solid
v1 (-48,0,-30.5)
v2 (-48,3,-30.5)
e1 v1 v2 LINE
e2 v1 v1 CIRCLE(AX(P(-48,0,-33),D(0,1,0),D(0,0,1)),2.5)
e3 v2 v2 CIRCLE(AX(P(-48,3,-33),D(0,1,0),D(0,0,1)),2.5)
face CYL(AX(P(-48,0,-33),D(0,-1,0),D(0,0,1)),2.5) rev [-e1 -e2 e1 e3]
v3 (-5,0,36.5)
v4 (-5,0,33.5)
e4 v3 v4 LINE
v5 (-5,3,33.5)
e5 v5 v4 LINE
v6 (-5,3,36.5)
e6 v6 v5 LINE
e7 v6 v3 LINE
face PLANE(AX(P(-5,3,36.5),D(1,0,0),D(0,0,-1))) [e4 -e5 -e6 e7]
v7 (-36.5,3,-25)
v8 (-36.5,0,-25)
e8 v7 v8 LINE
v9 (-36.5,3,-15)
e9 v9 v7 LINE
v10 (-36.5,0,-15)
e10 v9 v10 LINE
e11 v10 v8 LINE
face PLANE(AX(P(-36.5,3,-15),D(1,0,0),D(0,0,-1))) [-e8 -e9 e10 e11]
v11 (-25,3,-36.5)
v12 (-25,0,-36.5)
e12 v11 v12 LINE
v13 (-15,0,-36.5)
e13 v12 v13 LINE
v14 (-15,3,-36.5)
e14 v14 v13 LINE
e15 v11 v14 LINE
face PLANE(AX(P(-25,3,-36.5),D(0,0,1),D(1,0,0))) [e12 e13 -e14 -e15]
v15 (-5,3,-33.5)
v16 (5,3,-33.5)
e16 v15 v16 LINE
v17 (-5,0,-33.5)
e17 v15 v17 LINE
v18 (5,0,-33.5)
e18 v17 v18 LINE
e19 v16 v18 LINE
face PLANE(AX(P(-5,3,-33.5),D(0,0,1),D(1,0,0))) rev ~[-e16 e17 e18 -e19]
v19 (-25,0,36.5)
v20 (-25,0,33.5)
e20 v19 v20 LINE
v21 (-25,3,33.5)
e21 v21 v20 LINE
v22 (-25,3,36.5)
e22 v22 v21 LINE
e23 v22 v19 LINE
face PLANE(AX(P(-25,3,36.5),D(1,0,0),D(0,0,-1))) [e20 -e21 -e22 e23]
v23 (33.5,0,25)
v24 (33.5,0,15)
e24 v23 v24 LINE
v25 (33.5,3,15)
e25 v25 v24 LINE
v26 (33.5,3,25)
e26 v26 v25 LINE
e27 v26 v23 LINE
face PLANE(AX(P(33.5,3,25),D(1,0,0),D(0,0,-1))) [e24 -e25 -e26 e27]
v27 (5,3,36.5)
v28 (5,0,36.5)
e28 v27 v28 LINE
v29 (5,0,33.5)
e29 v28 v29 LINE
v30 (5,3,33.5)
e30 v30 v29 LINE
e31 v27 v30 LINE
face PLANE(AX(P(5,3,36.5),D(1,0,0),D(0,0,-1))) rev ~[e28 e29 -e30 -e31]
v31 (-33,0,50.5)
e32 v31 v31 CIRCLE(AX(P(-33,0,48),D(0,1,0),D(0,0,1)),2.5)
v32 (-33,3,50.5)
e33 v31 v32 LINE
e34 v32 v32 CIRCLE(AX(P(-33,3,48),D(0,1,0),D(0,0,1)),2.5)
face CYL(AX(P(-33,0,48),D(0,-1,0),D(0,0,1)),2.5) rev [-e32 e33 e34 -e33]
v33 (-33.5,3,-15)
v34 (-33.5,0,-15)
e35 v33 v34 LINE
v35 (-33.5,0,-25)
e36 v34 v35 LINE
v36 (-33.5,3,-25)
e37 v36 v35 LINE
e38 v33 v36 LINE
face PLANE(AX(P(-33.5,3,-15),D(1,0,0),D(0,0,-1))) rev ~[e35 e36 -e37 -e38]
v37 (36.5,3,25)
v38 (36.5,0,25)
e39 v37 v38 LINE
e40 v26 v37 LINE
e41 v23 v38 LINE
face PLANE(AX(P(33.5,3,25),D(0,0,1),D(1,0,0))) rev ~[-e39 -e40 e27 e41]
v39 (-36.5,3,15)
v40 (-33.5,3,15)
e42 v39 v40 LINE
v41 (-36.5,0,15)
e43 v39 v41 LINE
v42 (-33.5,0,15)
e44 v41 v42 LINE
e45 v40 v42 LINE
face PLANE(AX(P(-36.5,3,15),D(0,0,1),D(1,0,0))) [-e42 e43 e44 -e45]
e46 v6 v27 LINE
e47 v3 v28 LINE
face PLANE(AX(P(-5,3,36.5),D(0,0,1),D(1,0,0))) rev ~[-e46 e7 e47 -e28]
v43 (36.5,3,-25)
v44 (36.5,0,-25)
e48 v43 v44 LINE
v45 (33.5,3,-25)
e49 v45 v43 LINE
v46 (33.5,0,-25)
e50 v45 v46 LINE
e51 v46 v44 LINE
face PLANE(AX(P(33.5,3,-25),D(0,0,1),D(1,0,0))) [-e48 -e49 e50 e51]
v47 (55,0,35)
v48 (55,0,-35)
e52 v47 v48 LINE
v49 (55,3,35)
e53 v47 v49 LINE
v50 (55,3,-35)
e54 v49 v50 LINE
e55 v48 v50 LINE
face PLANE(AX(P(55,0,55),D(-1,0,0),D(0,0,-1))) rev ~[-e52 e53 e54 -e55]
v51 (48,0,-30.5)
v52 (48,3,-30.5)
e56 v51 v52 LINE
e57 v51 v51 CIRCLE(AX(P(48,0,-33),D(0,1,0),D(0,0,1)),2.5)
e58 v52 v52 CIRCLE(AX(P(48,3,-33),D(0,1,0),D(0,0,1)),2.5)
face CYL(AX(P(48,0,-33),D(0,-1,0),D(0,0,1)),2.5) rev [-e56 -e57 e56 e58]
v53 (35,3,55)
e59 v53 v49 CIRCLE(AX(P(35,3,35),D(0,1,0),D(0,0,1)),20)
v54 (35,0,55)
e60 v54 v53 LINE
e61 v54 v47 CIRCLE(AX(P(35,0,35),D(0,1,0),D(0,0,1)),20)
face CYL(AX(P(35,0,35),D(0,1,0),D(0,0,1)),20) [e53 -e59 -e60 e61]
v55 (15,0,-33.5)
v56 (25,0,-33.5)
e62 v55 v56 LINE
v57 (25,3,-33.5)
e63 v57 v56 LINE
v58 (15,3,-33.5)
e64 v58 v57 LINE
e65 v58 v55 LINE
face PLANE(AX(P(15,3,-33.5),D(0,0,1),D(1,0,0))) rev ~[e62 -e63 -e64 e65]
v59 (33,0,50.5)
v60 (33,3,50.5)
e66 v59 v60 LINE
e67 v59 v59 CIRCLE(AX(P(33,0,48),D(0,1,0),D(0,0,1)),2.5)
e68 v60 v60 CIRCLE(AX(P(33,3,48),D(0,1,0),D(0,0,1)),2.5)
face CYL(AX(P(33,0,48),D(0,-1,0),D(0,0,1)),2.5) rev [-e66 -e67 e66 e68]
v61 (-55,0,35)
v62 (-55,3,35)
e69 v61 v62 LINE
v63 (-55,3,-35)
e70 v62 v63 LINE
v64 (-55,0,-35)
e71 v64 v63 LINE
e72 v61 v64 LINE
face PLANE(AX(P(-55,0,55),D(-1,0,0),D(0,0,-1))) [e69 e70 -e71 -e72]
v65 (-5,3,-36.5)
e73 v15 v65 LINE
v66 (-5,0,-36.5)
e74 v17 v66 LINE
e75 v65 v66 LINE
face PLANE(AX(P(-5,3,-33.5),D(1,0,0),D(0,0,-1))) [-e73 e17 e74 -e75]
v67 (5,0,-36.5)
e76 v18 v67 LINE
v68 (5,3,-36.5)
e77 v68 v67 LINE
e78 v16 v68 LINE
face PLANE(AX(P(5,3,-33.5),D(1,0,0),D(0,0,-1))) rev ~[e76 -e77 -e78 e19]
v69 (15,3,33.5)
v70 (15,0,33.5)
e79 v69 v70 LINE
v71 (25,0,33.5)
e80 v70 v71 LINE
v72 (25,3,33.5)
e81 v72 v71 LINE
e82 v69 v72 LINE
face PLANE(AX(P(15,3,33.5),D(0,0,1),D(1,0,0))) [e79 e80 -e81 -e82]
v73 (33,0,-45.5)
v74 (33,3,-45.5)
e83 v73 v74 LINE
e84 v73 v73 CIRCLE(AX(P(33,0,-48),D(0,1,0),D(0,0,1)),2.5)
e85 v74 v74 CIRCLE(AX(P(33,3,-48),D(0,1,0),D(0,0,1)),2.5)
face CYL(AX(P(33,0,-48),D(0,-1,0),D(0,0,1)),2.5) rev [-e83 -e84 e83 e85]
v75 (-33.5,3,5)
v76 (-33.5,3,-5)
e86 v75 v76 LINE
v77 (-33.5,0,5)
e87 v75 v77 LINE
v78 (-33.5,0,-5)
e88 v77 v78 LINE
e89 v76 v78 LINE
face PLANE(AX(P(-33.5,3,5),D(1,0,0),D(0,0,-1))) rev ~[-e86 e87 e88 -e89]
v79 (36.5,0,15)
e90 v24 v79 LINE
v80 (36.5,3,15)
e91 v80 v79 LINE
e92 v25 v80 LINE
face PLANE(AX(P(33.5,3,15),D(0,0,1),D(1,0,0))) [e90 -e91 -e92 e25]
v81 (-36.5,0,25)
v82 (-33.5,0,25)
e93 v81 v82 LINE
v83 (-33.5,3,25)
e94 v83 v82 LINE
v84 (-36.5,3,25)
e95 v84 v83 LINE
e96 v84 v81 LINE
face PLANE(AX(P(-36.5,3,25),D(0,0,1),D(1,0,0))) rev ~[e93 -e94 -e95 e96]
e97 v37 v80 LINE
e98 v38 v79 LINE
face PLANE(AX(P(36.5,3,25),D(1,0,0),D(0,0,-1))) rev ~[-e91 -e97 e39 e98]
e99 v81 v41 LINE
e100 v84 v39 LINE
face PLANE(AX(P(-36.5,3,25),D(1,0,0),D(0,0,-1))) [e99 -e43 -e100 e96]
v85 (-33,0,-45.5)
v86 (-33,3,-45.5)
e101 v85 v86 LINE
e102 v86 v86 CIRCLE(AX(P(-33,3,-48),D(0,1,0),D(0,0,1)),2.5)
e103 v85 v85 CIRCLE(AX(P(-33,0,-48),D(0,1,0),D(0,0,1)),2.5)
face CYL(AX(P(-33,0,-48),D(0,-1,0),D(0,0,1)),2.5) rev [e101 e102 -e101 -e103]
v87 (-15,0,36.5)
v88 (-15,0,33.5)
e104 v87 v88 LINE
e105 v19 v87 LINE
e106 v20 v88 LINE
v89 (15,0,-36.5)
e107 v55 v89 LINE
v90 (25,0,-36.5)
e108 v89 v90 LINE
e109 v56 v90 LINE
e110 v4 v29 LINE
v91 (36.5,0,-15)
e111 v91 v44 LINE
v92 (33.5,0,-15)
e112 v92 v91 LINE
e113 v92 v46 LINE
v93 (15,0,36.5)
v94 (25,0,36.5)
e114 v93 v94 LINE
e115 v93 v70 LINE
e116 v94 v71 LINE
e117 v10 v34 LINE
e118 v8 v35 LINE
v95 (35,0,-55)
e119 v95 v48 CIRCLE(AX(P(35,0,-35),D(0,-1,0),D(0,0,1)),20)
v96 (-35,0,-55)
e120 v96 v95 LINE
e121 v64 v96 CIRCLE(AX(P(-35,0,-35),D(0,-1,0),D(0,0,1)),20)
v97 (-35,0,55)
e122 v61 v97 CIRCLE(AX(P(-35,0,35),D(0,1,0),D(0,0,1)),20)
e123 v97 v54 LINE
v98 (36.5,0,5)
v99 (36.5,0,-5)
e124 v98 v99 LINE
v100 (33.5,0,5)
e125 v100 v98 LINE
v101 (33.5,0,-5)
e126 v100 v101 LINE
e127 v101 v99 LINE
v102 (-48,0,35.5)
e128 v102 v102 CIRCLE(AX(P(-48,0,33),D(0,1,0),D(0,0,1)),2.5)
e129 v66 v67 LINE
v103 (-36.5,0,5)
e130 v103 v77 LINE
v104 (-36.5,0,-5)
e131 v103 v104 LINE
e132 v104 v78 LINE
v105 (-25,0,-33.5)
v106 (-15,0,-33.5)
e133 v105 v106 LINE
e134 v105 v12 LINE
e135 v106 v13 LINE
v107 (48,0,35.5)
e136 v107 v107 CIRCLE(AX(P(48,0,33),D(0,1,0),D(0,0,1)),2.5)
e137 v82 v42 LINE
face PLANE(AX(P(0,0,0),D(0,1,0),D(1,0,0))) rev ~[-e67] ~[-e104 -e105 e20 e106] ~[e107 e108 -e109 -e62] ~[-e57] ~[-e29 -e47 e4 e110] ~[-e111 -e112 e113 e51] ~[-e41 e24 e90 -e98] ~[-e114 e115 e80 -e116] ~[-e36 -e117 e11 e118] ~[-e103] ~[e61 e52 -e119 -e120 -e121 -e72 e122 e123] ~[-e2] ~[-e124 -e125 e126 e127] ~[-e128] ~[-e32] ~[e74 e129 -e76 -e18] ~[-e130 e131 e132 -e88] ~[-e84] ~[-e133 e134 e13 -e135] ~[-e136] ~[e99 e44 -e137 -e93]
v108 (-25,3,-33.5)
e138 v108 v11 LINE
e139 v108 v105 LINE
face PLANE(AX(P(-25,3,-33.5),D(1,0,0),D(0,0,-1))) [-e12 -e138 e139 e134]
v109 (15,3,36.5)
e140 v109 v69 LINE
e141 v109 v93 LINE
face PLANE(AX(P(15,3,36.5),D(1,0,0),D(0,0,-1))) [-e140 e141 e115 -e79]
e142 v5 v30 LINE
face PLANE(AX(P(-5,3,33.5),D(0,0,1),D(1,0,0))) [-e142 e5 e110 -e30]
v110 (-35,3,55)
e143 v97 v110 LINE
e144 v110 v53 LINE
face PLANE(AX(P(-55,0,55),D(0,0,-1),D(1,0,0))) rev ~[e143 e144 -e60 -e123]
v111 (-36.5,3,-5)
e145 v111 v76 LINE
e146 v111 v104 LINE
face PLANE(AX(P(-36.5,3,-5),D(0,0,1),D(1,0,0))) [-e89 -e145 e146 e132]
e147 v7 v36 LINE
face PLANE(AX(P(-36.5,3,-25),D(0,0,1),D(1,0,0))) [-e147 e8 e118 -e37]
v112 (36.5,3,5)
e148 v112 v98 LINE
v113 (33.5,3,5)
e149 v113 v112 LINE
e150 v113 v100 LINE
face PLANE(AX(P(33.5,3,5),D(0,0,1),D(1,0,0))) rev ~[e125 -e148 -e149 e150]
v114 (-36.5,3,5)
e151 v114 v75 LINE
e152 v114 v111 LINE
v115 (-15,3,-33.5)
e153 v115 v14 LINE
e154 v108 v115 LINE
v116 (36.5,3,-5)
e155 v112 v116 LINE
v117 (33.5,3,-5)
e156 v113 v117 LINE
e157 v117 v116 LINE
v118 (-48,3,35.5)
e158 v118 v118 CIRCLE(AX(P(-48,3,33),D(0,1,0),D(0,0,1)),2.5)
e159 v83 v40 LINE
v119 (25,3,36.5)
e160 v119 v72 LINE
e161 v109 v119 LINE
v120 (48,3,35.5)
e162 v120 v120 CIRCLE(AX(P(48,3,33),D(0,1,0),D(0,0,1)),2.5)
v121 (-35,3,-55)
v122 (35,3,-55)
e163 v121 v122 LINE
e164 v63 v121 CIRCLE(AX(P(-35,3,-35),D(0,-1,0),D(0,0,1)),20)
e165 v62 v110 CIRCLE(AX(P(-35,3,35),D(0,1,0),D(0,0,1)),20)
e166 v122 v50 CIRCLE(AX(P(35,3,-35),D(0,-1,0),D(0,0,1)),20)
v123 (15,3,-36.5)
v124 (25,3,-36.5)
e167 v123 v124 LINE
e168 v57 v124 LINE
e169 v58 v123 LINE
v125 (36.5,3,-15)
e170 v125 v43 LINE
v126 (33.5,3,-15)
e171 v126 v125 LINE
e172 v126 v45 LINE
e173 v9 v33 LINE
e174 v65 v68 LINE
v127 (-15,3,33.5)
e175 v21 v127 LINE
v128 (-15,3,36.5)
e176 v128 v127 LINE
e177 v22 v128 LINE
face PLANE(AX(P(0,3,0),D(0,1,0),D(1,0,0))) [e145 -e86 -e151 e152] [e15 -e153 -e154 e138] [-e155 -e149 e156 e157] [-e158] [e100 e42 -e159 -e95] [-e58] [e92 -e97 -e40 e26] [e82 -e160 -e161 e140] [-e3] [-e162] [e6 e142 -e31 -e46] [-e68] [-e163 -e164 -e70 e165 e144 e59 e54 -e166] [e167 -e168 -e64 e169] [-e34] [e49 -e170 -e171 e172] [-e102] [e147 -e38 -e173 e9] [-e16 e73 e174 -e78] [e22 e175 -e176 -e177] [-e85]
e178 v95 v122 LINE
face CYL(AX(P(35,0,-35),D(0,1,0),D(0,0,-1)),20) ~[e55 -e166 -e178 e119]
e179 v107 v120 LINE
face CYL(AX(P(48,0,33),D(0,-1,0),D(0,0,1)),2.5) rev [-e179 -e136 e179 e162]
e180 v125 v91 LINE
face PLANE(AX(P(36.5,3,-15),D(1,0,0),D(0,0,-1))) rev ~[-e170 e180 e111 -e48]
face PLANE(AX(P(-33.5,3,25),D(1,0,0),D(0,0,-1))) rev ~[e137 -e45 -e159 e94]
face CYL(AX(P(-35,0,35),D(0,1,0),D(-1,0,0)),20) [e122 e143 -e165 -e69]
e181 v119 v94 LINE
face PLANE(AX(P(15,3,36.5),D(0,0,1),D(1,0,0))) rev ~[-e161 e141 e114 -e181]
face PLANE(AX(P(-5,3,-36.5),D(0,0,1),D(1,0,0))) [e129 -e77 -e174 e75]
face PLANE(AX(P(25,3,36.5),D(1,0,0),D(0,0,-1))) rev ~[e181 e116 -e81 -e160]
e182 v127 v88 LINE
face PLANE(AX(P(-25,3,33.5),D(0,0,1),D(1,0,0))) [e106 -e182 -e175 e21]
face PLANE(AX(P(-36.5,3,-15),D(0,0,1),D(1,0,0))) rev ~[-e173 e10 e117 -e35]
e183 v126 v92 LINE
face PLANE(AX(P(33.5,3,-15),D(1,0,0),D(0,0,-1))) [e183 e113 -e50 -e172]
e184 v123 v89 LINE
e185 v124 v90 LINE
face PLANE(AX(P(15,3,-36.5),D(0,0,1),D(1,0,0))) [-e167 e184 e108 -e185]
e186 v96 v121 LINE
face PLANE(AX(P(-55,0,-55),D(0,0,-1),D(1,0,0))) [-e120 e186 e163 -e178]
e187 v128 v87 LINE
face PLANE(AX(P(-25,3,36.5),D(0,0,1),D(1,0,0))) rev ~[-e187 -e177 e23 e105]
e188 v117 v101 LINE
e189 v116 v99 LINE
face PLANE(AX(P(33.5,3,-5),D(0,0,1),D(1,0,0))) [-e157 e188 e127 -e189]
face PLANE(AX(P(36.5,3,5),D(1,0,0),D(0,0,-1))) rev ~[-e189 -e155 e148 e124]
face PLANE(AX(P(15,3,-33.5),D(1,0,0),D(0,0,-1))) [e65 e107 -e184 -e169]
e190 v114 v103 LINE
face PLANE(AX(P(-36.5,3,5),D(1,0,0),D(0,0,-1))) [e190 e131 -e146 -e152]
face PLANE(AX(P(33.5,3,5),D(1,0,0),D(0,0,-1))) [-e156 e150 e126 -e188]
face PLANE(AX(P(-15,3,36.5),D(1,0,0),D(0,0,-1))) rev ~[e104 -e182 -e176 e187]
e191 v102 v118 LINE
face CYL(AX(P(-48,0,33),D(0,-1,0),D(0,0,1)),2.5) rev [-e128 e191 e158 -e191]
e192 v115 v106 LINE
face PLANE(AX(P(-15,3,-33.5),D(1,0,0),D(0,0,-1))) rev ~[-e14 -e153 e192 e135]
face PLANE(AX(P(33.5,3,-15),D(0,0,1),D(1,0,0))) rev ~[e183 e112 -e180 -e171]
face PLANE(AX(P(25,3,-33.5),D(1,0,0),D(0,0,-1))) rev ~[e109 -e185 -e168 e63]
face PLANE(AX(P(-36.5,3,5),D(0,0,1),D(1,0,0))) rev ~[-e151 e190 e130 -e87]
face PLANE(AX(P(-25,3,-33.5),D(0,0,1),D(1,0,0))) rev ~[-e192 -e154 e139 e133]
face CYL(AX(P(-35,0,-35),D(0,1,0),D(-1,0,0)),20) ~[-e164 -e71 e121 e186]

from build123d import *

# Parameters (mm, degrees)
SKETCH1_W           = 110
SKETCH1_H           = 110
SKETCH1_R           = 2.5
BOSS_EXTRUDE1_DEPTH = 3
FILLET1_R           = 20
SKETCH2_W           = 3
SKETCH2_H           = 10
SKETCH2_W_2         = 10
SKETCH2_H_2         = 3
CUT_EXTRUDE1_DEPTH  = 78.839578622


with BuildPart() as part:
    # Sketch1 → Boss-Extrude1 (new body)
    with BuildSketch(Plane(origin=(0, 0, 0), x_dir=(1, 0, 0), z_dir=(0, 1, 0))):
        Rectangle(SKETCH1_W, SKETCH1_H)
        with Locations(Location((33, 48, 0), (0, 0, 270))):
            Circle(SKETCH1_R, mode=Mode.SUBTRACT)
        with Locations(Location((-33, 48, 0), (0, 0, 270))):
            Circle(SKETCH1_R, mode=Mode.SUBTRACT)
        with Locations(Location((48, 33, 0), (0, 0, 270))):
            Circle(SKETCH1_R, mode=Mode.SUBTRACT)
        with Locations(Location((48, -33, 0), (0, 0, 270))):
            Circle(SKETCH1_R, mode=Mode.SUBTRACT)
        with Locations(Location((33, -48, 0), (0, 0, 270))):
            Circle(SKETCH1_R, mode=Mode.SUBTRACT)
        with Locations(Location((-33, -48, 0), (0, 0, 270))):
            Circle(SKETCH1_R, mode=Mode.SUBTRACT)
        with Locations(Location((-48, -33, 0), (0, 0, 270))):
            Circle(SKETCH1_R, mode=Mode.SUBTRACT)
        with Locations(Location((-48, 33, 0), (0, 0, 270))):
            Circle(SKETCH1_R, mode=Mode.SUBTRACT)
    extrude(amount=BOSS_EXTRUDE1_DEPTH)

    # Fillet1
    fillet1_edges = [part.edges().sort_by_distance(p)[0] for p in [
        (55, 1.5, 55),
        (-55, 1.5, 55),
        (-55, 1.5, -55),
        (55, 1.5, -55),
    ]]
    fillet(fillet1_edges, radius=FILLET1_R)

    # Sketch2 → Cut-Extrude1 (cut, through all)
    with BuildSketch(Plane(origin=(0, 3, 0), x_dir=(1, 0, 0), z_dir=(0, 1, 0))):
        with Locations((-35, -20)):
            Rectangle(SKETCH2_W, SKETCH2_H)
        with Locations((-35, 0)):
            Rectangle(SKETCH2_W, SKETCH2_H)
        with Locations((-20, 35)):
            Rectangle(SKETCH2_W_2, SKETCH2_H_2)
        with Locations((0, 35)):
            Rectangle(SKETCH2_W_2, SKETCH2_H_2)
        with Locations((20, 35)):
            Rectangle(SKETCH2_W_2, SKETCH2_H_2)
        with Locations((35, 20)):
            Rectangle(SKETCH2_W, SKETCH2_H)
        with Locations((35, 0)):
            Rectangle(SKETCH2_W, SKETCH2_H)
        with Locations((35, -20)):
            Rectangle(SKETCH2_W, SKETCH2_H)
        with Locations((20, -35)):
            Rectangle(SKETCH2_W_2, SKETCH2_H_2)
        with Locations((0, -35)):
            Rectangle(SKETCH2_W_2, SKETCH2_H_2)
        with Locations((-20, -35)):
            Rectangle(SKETCH2_W_2, SKETCH2_H_2)
        with Locations((-35, 20)):
            Rectangle(SKETCH2_W, SKETCH2_H)
    extrude(amount=-CUT_EXTRUDE1_DEPTH, mode=Mode.SUBTRACT)


solid = part.part
